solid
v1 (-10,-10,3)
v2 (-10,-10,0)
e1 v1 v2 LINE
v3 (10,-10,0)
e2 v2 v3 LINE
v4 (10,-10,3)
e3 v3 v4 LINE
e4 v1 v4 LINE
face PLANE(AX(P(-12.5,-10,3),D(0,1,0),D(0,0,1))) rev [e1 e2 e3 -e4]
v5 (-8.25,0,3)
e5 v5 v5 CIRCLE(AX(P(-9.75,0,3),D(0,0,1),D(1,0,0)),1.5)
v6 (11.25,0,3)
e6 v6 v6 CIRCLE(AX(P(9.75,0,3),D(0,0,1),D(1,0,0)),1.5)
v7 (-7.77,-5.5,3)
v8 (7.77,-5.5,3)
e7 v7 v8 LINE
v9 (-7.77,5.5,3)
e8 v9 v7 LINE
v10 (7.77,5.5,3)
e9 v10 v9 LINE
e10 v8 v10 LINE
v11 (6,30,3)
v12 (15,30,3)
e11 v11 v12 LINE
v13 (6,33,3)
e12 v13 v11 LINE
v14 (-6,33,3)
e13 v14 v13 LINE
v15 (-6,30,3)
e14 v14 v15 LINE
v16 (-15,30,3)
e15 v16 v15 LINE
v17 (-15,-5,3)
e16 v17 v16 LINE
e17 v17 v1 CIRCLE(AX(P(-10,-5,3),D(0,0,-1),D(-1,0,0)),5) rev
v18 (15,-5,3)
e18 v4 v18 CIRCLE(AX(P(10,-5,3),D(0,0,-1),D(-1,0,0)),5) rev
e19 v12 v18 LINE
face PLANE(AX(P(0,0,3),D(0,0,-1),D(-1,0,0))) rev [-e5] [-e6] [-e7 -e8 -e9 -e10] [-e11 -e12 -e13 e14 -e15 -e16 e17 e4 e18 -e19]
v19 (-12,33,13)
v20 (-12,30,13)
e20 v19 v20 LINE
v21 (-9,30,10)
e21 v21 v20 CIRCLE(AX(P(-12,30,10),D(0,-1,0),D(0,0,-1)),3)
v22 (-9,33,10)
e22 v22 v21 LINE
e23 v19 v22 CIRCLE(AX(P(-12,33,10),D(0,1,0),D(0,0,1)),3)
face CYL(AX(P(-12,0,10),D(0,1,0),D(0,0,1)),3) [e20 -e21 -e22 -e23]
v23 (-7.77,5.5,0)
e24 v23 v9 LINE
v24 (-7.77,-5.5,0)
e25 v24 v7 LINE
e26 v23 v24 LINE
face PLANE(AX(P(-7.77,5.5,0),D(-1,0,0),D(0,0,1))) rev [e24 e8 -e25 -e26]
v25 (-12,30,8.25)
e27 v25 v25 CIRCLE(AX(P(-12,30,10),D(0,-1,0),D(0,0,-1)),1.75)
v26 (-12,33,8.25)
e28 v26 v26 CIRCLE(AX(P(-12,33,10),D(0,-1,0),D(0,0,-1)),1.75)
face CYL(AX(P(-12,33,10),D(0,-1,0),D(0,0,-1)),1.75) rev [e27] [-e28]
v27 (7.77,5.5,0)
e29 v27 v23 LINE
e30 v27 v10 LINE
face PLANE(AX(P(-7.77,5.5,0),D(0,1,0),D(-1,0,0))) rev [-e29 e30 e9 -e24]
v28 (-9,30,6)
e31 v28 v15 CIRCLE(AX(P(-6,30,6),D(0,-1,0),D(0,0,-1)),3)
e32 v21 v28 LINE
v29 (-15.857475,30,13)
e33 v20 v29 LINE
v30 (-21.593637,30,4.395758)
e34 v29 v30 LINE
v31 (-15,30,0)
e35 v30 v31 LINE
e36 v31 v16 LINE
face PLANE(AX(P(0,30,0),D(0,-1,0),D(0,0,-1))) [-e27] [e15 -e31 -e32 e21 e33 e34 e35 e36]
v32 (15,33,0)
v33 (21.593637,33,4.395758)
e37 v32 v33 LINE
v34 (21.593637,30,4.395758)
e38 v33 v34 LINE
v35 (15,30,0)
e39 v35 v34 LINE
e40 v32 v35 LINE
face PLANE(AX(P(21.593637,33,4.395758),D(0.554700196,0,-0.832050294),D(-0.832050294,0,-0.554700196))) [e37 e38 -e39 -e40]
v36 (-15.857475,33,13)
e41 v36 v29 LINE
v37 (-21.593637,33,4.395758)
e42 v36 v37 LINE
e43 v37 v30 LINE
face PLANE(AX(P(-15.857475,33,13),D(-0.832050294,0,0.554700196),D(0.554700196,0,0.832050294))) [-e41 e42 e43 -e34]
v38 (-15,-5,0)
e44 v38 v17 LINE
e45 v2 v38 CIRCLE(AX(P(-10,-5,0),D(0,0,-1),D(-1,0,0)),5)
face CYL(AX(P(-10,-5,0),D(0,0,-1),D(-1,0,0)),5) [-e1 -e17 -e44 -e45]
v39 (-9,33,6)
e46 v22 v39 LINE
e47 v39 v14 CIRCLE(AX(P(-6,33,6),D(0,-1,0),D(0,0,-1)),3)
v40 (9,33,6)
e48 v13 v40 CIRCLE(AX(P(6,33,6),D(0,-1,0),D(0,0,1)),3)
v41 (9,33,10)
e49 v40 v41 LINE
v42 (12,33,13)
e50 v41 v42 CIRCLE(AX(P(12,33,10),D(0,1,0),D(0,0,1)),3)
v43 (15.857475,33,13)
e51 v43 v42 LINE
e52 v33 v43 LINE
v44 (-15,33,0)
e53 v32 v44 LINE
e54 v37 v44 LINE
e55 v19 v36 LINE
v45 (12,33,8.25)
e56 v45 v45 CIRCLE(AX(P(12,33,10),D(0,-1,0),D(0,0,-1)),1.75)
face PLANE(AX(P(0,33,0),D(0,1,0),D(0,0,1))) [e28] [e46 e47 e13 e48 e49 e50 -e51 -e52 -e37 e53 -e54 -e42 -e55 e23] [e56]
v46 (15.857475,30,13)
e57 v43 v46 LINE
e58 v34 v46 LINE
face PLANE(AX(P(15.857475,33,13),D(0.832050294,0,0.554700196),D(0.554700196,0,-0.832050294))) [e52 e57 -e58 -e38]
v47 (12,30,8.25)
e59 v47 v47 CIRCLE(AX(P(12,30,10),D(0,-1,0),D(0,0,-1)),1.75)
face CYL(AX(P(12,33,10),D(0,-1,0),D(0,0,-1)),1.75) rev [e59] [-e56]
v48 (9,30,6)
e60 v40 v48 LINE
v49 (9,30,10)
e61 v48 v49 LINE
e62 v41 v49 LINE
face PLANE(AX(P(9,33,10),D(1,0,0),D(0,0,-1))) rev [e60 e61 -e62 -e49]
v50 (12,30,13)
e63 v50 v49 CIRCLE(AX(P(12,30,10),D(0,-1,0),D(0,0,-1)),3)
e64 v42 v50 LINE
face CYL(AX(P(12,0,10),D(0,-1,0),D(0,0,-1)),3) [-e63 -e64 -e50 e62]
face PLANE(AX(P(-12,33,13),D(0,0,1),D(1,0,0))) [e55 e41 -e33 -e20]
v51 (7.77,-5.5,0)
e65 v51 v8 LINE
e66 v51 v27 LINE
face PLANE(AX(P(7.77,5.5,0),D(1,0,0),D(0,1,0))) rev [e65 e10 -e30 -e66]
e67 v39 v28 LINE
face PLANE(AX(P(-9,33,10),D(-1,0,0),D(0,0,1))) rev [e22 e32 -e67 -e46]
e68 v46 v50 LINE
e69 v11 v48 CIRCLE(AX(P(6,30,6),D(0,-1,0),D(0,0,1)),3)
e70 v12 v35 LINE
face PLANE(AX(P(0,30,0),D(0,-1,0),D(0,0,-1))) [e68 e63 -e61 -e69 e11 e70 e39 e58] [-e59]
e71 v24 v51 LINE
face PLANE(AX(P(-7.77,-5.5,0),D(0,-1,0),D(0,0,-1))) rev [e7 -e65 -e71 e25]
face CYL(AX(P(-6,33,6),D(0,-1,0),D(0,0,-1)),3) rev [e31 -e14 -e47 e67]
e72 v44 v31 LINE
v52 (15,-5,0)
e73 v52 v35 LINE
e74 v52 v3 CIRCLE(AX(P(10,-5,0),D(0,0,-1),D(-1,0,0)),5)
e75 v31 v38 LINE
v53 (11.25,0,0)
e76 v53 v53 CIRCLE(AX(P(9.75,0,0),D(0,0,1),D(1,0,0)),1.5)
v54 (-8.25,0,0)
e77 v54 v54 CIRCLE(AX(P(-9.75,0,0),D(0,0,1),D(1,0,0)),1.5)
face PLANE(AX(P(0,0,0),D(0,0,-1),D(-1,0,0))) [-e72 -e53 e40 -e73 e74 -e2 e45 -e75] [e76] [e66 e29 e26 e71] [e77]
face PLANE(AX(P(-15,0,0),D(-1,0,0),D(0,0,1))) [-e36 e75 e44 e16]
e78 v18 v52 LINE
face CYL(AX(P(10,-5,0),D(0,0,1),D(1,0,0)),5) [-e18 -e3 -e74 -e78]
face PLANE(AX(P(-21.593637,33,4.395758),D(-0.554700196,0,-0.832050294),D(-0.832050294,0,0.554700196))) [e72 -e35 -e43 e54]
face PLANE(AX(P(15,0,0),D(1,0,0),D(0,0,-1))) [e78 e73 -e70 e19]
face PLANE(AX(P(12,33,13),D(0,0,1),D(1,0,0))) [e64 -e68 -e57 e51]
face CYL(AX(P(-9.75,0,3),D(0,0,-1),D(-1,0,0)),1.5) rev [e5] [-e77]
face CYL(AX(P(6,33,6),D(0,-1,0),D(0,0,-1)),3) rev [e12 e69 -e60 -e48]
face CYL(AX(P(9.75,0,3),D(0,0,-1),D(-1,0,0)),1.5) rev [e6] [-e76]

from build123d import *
from build123d.topology import SkipClean

# Parameters (mm, degrees)
SKETCH1_W           = 25
SKETCH1_H           = 20
SKETCH1_R           = 1.5
BOSS_EXTRUDE1_DEPTH = 3
SKETCH2_W           = 15.54
SKETCH2_H           = 11
CUT_EXTRUDE1_DEPTH  = 17.286497475
SKETCH4_W           = 25
SKETCH4_H           = 3
BOSS_EXTRUDE2_DEPTH = 3
SKETCH5_W           = 25
SKETCH5_H           = 3
BOSS_EXTRUDE3_DEPTH = 10
SKETCH11_W          = 25
SKETCH11_H          = 13
BOSS_EXTRUDE5_DEPTH = 20
SKETCH12_W          = 25
SKETCH12_H          = 10
CUT_EXTRUDE4_DEPTH  = 20
BOSS_EXTRUDE6_DEPTH = 2.5
BOSS_EXTRUDE7_DEPTH = 2.5
SKETCH16_R          = 1.75
CUT_EXTRUDE5_DEPTH  = 45.654227124
FILLET6_R           = 3
FILLET7_R           = 3
CUT_EXTRUDE6_DEPTH  = 45.654227124
FILLET8_R           = 5
BOSS_EXTRUDE8_DEPTH = 3


with BuildPart() as part:
    # Sketch1 → Boss-Extrude1 (new body)
    with BuildSketch(Plane.XY):
        Rectangle(SKETCH1_W, SKETCH1_H)
        with Locations((-9.75, 0)):
            Circle(SKETCH1_R, mode=Mode.SUBTRACT)
        with Locations((9.75, 0)):
            Circle(SKETCH1_R, mode=Mode.SUBTRACT)
    extrude(amount=BOSS_EXTRUDE1_DEPTH)

    # Sketch2 → Cut-Extrude1 (cut, through all)
    with BuildSketch(Plane.XY.offset(3)):
        Rectangle(SKETCH2_W, SKETCH2_H)
    extrude(amount=-CUT_EXTRUDE1_DEPTH, mode=Mode.SUBTRACT)

    # Sketch4 → Boss-Extrude2 (add)
    with BuildSketch(Plane(origin=(0, 10, 0), x_dir=(1, 0, 0), z_dir=(0, 1, 0))):
        with Locations((0, -1.5)):
            Rectangle(SKETCH4_W, SKETCH4_H)
    extrude(amount=BOSS_EXTRUDE2_DEPTH)

    # Sketch5 → Boss-Extrude3 (add)
    with BuildSketch(Plane.XY.offset(3)):
        with Locations((0, 11.5)):
            Rectangle(SKETCH5_W, SKETCH5_H)
    extrude(amount=BOSS_EXTRUDE3_DEPTH)

    # Sketch11 → Boss-Extrude5 (add)
    with BuildSketch(Plane(origin=(0, 13, 0), x_dir=(1, 0, 0), z_dir=(0, 1, 0))):
        with Locations((0, -6.5)):
            Rectangle(SKETCH11_W, SKETCH11_H)
    extrude(amount=BOSS_EXTRUDE5_DEPTH)

    # Sketch12 → Cut-Extrude4 (cut)
    with BuildSketch(Plane.XZ.offset(-10)):
        with Locations((0, 8)):
            Rectangle(SKETCH12_W, SKETCH12_H)
    extrude(amount=-CUT_EXTRUDE4_DEPTH, mode=Mode.SUBTRACT)

    # Sketch13 → Boss-Extrude6 (add)
    with BuildSketch(Plane.ZY.offset(12.5)):
        Polygon((3, -10), (3, 30), (13, 30), (13, 33), (0, 33), (0, -10), align=None)
    extrude(amount=BOSS_EXTRUDE6_DEPTH)

    # Sketch14 → Boss-Extrude7 (add)
    with BuildSketch(Plane(origin=(12.5, 0, 0), x_dir=(0, 0, -1), z_dir=(1, 0, 0))):
        Polygon((-13, 30), (-3, 30), (-3, -10), (0, -10), (0, 33), (-13, 33), align=None)
    extrude(amount=BOSS_EXTRUDE7_DEPTH)

    # Sketch16 → Cut-Extrude5 (cut, through all)
    with BuildSketch(Plane.XZ.offset(-30)):
        with Locations(Location((-12, 10, 0), (0, 0, 270))):
            Circle(SKETCH16_R)
        with Locations(Location((12, 10, 0), (0, 0, 270))):
            Circle(SKETCH16_R)
    extrude(amount=-CUT_EXTRUDE5_DEPTH, mode=Mode.SUBTRACT)

    # Fillet6
    fillet6_edges = [part.edges().sort_by_distance(p)[0] for p in [
        (-15, 31.5, 13),
    ]]
    fillet(fillet6_edges, radius=FILLET6_R)

    # Fillet7
    fillet7_edges = [part.edges().sort_by_distance(p)[0] for p in [
        (15, 31.5, 13),
    ]]
    fillet(fillet7_edges, radius=FILLET7_R)

    # Sketch17 → Cut-Extrude6 (cut, through all)
    with SkipClean():  # the faces are left unmerged after this step: merging them gives an invalid solid
        with BuildSketch(Plane.XZ.offset(-30)):
            with BuildLine():
                Line((-9, 10), (-9, 6))
                ThreePointArc((-9, 6), (-8.121320344, 3.878679656), (-6, 3))
                Line((-6, 3), (6, 3))
                ThreePointArc((6, 3), (8.121320344, 3.878679656), (9, 6))
                Line((9, 6), (9, 10))
                ThreePointArc((9, 10), (9.878679656, 12.121320344), (12, 13))
                Line((12, 13), (-12, 13))
                ThreePointArc((-12, 13), (-9.878679656, 12.121320344), (-9, 10))
            make_face()
        extrude(amount=-CUT_EXTRUDE6_DEPTH, mode=Mode.SUBTRACT)

    # Fillet8
    fillet8_edges = [part.edges().sort_by_distance(p)[0] for p in [
        (15, -10, 1.5),
        (-15, -10, 1.5),
    ]]
    fillet(fillet8_edges, radius=FILLET8_R)

    # Sketch18 → Boss-Extrude8 (add)
    with BuildSketch(Plane.XZ.offset(-30)):
        with BuildLine():
            Line((-12, 13), (-15.857475084, 13))
            Line((-15.857475084, 13), (-21.593636596, 4.395757731))
            Line((-21.593636596, 4.395757731), (-15, 0))
            Line((-15, 0), (-15, 10))
            ThreePointArc((-15, 10), (-14.121320344, 12.121320344), (-12, 13))
        make_face()
        with BuildLine():
            Line((12, 13), (15.857475084, 13))
            Line((15.857475084, 13), (21.593636596, 4.395757731))
            Line((21.593636596, 4.395757731), (15, 0))
            Line((15, 0), (15, 10))
            ThreePointArc((15, 10), (14.121320344, 12.121320344), (12, 13))
        make_face()
    extrude(amount=-BOSS_EXTRUDE8_DEPTH)


solid = part.part
